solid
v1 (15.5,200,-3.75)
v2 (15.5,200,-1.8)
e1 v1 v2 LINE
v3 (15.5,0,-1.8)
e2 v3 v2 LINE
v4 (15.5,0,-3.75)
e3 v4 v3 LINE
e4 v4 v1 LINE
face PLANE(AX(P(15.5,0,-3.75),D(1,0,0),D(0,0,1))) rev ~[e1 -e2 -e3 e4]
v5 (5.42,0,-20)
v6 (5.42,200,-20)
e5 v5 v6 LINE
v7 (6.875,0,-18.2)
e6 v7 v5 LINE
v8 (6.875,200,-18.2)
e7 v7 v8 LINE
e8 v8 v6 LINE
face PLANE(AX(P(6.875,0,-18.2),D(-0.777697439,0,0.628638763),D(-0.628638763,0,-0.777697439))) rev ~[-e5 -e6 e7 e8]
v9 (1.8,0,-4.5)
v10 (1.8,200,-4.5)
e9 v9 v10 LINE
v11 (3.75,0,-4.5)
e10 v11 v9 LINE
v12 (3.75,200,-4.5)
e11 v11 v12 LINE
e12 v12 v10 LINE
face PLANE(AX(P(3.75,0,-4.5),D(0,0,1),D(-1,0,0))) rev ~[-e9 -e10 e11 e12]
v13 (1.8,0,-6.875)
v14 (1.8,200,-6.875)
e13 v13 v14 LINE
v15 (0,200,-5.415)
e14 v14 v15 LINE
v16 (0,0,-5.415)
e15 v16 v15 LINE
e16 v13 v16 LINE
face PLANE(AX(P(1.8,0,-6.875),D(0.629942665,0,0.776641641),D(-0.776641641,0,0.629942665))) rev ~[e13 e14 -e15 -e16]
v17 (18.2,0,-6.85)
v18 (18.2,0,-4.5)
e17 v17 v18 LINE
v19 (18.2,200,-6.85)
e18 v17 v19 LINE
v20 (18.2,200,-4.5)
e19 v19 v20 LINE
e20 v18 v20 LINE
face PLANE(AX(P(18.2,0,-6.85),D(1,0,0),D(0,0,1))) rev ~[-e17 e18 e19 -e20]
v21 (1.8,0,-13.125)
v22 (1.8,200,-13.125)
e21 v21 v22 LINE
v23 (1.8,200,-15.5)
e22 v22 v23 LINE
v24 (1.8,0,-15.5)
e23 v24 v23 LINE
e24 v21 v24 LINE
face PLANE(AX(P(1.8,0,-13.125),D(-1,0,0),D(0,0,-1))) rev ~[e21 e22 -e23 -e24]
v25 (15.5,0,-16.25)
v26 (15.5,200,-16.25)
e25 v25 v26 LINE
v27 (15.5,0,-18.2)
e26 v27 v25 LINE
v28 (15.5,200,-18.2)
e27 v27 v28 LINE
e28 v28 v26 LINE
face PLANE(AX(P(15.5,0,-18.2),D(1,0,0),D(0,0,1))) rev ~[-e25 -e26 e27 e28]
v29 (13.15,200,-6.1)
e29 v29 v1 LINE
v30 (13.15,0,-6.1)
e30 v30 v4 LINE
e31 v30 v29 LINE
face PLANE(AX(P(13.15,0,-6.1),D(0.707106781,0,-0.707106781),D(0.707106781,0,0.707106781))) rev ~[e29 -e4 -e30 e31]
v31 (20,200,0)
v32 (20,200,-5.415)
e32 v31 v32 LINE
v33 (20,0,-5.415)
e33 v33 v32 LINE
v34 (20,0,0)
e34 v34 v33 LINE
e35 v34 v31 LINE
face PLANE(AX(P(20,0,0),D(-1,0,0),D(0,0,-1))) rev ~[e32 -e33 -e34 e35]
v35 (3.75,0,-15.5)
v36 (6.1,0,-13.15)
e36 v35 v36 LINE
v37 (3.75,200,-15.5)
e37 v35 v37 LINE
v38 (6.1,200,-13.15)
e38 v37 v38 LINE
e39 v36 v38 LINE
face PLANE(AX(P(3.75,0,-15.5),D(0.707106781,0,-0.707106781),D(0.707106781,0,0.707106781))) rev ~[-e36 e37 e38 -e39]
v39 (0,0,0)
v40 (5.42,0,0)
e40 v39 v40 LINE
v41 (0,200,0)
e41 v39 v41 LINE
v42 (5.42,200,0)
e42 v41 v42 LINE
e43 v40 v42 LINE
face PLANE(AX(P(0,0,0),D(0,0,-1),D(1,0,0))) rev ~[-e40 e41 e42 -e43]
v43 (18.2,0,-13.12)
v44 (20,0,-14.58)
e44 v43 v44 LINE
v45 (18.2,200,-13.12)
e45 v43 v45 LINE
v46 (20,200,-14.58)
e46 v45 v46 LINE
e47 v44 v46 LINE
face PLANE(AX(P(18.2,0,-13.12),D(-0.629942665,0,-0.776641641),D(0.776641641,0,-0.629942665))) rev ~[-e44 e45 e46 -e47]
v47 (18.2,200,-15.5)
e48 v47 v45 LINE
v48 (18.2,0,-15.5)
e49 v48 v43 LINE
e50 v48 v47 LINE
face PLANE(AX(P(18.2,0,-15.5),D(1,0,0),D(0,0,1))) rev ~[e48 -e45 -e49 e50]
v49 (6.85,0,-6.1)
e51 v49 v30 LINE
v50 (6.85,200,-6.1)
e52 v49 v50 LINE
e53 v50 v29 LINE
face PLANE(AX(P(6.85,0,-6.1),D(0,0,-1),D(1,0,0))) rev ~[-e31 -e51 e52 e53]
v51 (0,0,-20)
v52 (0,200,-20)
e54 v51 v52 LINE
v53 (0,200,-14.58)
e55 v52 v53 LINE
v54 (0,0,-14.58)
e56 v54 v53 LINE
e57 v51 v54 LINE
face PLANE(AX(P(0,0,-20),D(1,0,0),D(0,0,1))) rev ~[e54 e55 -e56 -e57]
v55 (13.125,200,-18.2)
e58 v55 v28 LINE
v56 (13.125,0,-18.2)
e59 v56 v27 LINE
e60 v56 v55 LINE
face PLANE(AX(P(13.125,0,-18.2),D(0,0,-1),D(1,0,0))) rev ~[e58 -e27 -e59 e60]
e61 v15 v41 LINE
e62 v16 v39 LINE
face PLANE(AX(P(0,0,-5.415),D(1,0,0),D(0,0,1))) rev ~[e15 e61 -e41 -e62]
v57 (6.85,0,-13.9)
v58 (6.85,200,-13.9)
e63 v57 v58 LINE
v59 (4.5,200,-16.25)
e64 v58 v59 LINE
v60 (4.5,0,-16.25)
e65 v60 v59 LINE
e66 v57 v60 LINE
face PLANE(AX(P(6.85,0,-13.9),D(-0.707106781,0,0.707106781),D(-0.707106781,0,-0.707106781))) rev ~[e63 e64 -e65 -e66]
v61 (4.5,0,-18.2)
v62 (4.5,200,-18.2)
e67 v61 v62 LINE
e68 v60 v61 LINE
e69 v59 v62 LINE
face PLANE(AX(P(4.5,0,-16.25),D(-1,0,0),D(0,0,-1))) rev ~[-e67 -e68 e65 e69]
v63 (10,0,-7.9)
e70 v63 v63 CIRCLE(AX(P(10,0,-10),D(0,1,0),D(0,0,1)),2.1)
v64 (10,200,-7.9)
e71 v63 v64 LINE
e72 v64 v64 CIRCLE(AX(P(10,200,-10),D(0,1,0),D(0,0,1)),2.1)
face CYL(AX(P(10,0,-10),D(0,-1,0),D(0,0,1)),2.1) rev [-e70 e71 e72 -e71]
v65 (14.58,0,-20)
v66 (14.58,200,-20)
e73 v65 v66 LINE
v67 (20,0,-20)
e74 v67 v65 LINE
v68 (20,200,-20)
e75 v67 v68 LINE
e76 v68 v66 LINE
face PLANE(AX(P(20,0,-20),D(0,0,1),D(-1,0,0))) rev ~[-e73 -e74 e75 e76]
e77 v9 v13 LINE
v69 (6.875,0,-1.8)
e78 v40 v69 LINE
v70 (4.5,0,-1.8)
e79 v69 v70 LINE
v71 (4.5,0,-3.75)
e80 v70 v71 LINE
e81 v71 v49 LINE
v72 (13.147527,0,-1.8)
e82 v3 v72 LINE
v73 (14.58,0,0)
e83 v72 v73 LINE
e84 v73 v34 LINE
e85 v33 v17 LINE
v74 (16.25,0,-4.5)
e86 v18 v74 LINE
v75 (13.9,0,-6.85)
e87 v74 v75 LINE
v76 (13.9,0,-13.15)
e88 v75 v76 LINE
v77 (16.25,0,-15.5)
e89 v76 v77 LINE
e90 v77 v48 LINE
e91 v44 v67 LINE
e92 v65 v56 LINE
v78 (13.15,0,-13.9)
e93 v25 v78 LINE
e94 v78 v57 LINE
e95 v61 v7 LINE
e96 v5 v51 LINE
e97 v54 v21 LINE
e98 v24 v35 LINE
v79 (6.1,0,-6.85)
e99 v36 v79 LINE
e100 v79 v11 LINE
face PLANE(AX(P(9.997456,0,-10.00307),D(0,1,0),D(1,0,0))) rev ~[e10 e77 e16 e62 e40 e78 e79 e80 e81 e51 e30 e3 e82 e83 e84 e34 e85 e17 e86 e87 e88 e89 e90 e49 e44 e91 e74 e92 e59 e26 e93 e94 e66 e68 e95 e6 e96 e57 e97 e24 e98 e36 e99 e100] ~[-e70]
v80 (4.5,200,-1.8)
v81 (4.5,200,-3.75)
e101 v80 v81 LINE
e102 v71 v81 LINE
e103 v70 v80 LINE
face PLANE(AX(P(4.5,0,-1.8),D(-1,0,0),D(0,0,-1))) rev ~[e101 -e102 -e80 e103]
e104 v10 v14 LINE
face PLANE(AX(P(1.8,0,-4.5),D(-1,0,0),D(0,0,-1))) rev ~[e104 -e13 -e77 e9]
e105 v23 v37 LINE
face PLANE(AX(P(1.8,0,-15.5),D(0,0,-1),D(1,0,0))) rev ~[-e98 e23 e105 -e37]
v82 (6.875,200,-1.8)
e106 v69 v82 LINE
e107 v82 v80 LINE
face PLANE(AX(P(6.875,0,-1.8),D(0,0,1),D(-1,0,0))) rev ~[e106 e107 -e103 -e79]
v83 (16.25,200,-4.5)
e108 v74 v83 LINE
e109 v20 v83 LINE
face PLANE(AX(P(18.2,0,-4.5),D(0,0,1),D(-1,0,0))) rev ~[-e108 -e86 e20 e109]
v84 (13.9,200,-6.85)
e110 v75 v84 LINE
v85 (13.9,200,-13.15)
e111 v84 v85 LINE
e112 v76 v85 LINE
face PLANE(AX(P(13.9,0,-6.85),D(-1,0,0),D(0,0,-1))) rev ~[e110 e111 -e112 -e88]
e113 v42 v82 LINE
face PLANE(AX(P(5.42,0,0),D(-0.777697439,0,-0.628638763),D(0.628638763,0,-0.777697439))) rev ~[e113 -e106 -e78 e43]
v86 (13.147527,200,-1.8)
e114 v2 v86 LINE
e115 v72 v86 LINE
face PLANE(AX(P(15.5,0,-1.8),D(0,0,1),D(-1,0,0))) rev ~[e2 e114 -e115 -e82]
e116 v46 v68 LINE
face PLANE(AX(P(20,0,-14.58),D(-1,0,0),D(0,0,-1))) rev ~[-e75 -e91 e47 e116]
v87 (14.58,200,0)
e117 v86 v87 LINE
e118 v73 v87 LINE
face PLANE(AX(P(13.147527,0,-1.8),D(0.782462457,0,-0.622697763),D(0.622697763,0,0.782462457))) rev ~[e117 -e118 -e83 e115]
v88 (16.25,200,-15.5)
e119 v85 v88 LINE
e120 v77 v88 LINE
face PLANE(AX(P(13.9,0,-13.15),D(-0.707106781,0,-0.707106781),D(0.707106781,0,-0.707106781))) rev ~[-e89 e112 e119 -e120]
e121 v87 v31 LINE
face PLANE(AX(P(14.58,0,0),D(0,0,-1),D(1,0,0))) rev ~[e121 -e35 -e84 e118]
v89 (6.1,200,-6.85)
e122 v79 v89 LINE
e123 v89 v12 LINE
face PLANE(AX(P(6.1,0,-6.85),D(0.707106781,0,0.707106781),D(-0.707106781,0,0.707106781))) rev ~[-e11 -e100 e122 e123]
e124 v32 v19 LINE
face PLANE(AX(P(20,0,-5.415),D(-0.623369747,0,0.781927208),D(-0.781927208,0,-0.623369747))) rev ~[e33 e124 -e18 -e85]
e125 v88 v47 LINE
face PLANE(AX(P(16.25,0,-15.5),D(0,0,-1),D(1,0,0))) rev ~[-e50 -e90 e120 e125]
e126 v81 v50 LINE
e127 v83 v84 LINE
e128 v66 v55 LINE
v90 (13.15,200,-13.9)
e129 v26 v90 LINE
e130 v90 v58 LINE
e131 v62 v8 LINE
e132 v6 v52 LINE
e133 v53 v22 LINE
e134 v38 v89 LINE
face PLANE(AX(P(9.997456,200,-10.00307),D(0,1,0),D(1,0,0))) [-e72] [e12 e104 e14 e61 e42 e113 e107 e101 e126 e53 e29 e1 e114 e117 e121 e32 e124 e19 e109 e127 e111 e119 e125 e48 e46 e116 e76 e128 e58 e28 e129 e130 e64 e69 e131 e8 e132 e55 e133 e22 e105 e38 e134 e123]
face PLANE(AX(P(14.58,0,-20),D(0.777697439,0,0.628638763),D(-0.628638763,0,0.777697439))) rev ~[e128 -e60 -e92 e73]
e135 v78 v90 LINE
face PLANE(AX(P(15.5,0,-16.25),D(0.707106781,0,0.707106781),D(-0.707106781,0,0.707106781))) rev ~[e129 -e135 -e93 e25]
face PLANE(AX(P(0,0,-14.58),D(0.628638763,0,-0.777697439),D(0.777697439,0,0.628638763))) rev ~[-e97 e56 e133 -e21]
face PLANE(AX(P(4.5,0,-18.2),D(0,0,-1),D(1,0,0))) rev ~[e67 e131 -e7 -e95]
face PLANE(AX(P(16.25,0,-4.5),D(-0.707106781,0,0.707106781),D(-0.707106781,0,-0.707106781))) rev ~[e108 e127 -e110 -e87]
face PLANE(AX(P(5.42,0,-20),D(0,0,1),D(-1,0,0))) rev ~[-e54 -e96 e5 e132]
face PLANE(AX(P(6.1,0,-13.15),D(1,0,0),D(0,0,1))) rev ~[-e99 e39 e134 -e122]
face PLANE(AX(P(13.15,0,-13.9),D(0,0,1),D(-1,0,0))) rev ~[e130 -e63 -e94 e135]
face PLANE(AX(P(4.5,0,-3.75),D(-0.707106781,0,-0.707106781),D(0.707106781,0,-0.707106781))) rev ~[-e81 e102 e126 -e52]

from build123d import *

# Parameters (mm, degrees)
SKETCH1_R           = 2.1
BOSS_EXTRUDE1_DEPTH = 200


with BuildPart() as part:
    # Sketch1 → Boss-Extrude1 (new body)
    with BuildSketch(Plane(origin=(0, 0, 0), x_dir=(1, 0, 0), z_dir=(0, 1, 0))):
        Polygon((0, 5.415), (0, 0), (4.5, 0), (5.42, 0), (6.875, 1.8), (4.5, 1.8), (4.5, 3.75), (6.85, 6.1), (13.15, 6.1), (15.5, 3.75), (15.5, 1.8), (13.147527473, 1.8), (14.58, 0), (20, 0), (20, 4.5), (20, 5.415), (18.2, 6.85), (18.2, 5.415), (18.2, 4.5), (16.25, 4.5), (13.9, 6.85), (13.9, 13.15), (16.25, 15.5), (18.2, 15.5), (18.2, 13.12), (20, 14.58), (20, 20), (15.5, 20), (14.58, 20), (13.125, 18.2), (15.5, 18.2), (15.5, 16.25), (13.15, 13.9), (6.85, 13.9), (4.5, 16.25), (4.5, 18.2), (6.875, 18.2), (5.42, 20), (4.5, 20), (0, 20), (0, 14.700042406), (0, 14.58), (1.8, 13.125), (1.8, 14.58), (1.8, 14.700042406), (1.8, 15.5), (3.75, 15.5), (6.1, 13.15), (6.1, 6.85), (3.75, 4.5), (1.8, 4.5), (1.8, 5.415), (1.8, 6.875), align=None)
        with Locations(Location((10, 10, 0), (0, 0, 270))):
            Circle(SKETCH1_R, mode=Mode.SUBTRACT)
    extrude(amount=BOSS_EXTRUDE1_DEPTH)


solid = part.part
